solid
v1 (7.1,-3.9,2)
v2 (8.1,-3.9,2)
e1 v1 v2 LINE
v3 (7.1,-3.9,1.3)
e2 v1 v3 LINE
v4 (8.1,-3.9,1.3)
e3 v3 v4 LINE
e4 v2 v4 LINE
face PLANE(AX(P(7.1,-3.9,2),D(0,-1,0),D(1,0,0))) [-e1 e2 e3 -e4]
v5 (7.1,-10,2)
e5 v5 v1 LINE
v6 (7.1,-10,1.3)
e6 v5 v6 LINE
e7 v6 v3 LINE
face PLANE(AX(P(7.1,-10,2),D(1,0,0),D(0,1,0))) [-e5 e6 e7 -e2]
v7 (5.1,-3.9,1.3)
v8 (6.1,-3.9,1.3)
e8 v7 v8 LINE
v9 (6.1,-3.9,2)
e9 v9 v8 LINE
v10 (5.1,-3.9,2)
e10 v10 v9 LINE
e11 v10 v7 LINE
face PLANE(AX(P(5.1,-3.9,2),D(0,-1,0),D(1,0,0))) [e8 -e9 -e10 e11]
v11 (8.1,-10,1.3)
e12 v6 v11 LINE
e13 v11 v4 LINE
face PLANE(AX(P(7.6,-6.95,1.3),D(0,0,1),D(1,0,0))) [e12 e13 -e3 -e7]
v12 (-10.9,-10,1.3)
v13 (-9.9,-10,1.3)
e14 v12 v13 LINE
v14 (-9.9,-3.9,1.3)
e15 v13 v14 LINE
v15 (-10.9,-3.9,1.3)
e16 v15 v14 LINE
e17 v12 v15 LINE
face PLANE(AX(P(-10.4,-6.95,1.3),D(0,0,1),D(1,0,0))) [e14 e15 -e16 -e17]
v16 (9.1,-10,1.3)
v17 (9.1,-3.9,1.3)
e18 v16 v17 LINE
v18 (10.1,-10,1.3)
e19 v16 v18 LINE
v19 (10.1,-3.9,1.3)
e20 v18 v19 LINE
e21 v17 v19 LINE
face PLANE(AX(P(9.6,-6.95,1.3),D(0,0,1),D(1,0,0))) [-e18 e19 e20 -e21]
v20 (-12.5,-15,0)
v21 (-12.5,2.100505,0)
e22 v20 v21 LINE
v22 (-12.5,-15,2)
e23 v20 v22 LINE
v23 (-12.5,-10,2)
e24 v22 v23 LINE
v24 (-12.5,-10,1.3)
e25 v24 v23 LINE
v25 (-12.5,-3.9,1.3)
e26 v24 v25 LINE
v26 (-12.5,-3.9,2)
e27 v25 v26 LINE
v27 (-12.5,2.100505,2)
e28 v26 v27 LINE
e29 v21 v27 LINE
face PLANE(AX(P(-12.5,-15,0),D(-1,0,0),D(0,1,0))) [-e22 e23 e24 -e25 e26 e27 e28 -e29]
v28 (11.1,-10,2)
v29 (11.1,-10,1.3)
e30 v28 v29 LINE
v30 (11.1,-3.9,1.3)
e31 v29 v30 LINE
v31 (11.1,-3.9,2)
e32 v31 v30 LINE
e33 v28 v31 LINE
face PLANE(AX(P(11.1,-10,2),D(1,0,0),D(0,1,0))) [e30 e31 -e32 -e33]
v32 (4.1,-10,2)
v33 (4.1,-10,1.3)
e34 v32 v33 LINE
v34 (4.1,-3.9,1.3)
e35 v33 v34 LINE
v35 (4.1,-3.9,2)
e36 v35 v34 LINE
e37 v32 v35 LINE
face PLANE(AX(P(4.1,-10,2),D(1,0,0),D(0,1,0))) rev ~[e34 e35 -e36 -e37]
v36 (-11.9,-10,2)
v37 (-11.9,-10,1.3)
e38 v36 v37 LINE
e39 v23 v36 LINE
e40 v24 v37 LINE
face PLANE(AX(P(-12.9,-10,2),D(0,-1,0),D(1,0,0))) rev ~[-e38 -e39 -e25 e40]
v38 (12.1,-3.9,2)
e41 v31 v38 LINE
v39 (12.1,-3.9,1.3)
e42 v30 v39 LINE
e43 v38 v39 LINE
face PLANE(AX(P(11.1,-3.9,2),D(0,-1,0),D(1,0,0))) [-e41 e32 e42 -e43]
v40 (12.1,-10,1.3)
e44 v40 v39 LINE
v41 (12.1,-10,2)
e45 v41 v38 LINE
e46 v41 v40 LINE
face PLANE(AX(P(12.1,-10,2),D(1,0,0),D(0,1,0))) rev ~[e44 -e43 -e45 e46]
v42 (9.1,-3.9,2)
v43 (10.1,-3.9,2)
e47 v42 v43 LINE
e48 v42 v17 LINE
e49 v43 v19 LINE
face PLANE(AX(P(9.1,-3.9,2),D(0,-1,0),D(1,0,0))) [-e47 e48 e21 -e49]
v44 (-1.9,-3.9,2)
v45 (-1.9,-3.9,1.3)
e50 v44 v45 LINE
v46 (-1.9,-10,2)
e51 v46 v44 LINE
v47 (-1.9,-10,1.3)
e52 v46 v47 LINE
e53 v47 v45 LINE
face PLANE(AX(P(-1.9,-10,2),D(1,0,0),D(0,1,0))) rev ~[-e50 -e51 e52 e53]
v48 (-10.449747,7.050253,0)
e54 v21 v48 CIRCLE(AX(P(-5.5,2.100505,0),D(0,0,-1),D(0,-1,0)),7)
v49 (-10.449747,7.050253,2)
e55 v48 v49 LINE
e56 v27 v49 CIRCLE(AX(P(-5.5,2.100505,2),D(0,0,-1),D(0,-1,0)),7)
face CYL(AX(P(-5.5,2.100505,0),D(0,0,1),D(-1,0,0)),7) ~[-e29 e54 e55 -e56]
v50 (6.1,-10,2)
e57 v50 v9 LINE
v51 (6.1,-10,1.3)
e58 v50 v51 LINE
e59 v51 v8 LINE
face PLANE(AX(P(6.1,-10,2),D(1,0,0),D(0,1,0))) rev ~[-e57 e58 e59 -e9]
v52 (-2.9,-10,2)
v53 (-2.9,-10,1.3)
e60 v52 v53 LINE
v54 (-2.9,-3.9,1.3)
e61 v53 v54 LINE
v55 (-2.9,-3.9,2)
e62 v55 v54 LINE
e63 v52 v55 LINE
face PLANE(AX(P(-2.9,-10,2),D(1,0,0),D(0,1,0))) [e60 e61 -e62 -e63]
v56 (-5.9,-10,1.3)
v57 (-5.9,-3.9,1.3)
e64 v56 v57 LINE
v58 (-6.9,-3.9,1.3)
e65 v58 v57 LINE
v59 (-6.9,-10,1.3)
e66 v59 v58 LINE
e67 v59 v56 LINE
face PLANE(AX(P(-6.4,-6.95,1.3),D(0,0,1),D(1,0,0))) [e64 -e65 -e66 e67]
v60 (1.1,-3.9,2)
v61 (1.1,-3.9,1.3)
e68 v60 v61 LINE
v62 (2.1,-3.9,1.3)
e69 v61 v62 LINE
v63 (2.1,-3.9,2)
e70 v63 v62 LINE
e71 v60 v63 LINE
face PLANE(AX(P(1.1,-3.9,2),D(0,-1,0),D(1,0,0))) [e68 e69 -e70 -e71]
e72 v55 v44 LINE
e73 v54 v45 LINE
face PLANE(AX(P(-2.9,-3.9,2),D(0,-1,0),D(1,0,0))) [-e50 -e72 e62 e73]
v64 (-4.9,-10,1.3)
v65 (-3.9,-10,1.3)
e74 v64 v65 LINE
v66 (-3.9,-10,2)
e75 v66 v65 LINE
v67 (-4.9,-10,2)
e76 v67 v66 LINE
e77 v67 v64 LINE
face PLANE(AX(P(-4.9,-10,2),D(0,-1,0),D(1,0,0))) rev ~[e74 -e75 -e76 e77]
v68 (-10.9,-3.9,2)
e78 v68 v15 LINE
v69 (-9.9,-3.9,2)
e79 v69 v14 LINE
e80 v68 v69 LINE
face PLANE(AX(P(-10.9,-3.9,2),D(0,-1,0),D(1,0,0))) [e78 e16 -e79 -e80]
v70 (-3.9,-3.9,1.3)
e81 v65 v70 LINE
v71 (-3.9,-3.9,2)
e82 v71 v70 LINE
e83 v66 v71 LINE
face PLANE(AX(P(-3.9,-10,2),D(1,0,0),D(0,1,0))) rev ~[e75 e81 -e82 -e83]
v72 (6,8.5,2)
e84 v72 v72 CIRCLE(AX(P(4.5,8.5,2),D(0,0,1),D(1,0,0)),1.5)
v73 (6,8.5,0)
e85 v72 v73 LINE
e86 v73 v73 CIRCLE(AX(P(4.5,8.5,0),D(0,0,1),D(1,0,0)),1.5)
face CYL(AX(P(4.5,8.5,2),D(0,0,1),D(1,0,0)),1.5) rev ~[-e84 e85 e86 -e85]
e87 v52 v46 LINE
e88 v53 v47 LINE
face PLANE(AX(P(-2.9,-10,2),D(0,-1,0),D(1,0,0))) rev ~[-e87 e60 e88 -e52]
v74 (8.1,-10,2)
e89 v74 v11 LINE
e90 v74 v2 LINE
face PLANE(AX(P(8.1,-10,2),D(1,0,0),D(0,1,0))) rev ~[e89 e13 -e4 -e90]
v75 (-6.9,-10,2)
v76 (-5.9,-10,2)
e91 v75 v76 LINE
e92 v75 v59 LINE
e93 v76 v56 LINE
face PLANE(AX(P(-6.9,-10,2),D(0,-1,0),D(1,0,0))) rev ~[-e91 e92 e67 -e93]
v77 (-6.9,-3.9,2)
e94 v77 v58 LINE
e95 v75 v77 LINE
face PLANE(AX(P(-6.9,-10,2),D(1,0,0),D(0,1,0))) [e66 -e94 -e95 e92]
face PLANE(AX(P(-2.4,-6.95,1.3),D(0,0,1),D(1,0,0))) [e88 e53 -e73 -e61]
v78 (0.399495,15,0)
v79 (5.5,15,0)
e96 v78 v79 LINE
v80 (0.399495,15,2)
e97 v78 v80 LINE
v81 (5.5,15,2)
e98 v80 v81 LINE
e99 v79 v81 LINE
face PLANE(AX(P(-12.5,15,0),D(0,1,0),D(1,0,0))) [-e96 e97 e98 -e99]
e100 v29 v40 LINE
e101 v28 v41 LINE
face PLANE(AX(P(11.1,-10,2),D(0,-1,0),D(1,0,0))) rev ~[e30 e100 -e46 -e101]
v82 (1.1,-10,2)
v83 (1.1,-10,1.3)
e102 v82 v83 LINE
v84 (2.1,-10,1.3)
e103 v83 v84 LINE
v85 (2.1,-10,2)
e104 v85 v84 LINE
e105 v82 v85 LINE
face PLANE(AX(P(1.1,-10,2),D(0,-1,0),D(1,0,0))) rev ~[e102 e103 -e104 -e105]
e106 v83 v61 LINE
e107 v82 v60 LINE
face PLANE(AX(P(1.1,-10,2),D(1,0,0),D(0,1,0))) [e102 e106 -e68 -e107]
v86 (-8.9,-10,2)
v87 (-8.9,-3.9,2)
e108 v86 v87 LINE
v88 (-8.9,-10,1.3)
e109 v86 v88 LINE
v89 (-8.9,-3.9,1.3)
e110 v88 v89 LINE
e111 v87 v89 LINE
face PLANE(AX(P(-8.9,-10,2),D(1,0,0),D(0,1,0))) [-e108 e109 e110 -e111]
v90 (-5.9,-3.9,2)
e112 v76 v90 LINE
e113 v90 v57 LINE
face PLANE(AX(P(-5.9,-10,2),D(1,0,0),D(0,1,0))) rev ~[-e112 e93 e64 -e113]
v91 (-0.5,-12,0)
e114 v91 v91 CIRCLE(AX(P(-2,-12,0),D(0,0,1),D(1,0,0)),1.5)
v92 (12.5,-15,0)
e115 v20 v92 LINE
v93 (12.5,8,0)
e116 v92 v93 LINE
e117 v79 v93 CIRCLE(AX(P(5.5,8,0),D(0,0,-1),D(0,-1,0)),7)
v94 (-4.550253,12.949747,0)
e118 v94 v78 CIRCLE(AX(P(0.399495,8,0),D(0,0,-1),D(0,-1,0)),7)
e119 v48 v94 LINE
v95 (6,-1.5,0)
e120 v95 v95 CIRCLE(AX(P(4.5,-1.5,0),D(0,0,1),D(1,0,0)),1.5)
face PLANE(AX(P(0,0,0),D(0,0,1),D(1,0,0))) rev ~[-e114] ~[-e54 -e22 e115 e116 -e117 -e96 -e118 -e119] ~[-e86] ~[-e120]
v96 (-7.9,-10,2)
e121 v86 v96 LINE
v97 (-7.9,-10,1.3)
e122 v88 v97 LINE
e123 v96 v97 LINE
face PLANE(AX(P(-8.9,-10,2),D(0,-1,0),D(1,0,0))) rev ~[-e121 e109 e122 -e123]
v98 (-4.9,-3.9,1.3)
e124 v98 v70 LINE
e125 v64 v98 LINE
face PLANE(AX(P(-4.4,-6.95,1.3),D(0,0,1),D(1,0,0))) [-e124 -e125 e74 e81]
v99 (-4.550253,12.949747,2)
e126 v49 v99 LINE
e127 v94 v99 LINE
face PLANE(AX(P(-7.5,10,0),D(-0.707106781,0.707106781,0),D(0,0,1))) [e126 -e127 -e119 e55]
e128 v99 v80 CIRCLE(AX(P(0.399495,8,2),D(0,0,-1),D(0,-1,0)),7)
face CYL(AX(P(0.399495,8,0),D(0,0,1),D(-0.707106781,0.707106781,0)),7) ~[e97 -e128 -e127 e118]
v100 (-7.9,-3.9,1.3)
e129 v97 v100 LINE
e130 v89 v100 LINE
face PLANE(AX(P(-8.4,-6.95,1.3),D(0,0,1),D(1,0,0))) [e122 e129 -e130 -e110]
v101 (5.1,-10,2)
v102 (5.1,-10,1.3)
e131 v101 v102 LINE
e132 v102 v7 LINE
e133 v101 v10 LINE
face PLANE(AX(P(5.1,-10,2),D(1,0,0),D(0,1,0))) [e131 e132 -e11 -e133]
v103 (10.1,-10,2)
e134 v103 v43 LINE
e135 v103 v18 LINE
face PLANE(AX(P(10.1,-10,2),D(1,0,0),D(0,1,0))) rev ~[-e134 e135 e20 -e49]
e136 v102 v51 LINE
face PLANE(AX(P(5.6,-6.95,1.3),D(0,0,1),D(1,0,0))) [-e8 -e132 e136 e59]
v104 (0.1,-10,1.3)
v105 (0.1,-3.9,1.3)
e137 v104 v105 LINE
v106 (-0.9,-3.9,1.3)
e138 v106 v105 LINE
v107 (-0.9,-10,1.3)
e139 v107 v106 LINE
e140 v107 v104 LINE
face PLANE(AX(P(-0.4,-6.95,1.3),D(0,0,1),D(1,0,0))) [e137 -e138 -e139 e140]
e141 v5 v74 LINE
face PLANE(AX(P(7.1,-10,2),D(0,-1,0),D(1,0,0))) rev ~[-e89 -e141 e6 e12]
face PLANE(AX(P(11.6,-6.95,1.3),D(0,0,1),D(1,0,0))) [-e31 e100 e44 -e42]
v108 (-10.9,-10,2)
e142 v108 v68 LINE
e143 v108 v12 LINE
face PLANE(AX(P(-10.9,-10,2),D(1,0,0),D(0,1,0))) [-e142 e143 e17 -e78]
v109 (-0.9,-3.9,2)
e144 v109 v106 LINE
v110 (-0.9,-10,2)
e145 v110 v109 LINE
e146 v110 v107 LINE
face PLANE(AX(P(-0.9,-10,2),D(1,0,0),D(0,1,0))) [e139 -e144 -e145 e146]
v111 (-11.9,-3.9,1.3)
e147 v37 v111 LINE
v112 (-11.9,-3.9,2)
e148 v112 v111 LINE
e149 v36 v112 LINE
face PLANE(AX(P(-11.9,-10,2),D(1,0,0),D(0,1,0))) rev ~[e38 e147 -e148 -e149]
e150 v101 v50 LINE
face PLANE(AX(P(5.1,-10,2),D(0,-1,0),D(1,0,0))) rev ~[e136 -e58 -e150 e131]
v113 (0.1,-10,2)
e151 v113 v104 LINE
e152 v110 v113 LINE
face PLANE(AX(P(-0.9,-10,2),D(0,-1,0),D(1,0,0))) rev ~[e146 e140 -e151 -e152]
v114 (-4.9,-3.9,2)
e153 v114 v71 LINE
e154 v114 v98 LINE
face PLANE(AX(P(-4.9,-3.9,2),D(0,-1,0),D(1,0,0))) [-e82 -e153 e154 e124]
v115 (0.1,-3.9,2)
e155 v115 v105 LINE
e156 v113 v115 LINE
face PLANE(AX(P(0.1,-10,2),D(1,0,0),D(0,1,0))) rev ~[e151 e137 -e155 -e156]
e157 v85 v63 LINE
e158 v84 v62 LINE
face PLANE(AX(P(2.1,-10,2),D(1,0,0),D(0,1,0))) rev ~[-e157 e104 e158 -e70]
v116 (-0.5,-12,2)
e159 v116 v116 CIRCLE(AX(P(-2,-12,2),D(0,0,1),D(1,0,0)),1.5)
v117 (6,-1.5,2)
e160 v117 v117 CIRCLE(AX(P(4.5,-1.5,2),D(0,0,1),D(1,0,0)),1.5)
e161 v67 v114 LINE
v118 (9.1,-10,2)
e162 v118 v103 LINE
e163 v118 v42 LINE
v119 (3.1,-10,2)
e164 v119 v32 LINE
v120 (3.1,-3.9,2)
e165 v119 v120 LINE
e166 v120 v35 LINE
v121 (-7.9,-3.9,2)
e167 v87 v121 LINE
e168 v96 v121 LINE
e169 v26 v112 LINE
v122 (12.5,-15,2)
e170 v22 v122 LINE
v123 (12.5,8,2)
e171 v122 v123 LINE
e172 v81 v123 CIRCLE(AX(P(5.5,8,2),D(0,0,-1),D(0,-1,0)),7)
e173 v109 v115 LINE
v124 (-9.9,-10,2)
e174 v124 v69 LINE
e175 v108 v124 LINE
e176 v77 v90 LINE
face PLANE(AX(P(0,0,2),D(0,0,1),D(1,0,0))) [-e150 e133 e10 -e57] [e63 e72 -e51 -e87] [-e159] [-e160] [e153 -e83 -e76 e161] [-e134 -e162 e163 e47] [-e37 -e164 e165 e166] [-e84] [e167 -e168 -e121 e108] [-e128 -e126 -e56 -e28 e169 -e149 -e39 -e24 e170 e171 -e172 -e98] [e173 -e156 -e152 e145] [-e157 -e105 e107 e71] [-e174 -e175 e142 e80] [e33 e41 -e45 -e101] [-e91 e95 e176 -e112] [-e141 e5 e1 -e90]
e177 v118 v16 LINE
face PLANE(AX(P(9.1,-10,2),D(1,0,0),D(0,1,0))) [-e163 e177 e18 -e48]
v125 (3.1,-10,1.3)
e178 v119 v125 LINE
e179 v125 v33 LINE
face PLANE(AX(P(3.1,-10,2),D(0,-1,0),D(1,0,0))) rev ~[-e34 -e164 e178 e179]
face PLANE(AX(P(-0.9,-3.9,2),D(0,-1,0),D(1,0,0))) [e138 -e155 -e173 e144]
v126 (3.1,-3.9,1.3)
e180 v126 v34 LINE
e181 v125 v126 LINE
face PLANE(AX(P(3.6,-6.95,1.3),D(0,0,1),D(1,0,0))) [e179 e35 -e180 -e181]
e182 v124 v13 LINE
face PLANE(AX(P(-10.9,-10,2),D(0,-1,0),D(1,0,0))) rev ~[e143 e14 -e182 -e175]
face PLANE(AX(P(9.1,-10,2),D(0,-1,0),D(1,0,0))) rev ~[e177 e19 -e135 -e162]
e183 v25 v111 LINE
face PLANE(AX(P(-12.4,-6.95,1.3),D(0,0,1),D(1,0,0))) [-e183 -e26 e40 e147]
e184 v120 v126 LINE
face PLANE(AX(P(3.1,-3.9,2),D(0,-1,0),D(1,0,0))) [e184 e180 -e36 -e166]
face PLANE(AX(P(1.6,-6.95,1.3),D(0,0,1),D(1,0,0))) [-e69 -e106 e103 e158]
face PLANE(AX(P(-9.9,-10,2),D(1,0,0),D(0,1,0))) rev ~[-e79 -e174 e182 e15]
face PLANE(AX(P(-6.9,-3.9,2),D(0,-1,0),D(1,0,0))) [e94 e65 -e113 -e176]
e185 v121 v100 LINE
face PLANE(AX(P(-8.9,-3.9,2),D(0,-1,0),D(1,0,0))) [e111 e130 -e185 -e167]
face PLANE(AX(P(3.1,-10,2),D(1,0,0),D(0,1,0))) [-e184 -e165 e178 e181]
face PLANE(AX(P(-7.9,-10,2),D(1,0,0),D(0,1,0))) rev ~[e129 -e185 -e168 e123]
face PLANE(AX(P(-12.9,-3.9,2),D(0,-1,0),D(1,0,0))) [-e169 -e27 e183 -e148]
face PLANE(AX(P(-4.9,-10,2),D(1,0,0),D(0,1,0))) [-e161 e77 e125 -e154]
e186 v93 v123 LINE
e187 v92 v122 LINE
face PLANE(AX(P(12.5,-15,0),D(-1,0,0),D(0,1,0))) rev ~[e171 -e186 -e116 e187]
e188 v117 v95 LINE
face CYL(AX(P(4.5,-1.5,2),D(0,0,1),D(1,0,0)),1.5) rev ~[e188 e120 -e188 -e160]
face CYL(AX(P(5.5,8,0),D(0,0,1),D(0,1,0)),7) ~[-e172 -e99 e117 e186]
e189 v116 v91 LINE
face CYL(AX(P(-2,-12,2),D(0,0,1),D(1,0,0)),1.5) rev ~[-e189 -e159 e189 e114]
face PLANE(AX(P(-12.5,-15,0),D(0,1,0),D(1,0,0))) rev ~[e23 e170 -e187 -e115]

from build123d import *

# Parameters (mm, degrees)
F0_W     = 25
F0_H     = 30
F1_DEPTH = 2
F2_R     = 1.5
F3_DEPTH = 2.001
F4_W     = 1
F4_H     = 6.1
F5_DEPTH = 0.7
F6_SIZE  = 10
F7_R     = 7


with BuildPart() as f1:
    # F0 (on Top) → F1 (new body)
    with BuildSketch(Plane.XY):
        Rectangle(F0_W, F0_H)
    extrude(amount=F1_DEPTH)

    # F2 (on face) → F3 (cut, through all)
    with BuildSketch(Plane.XY.offset(2)):
        with Locations((-2, -12)):
            Circle(F2_R)
        with Locations((4.5, -1.5)):
            Circle(F2_R)
        with Locations((4.5, 8.5)):
            Circle(F2_R)
    extrude(amount=-F3_DEPTH, mode=Mode.SUBTRACT)

    # F4 (on face) → F5 (cut)
    with BuildSketch(Plane.XY.offset(2)):
        with Locations((11.6, -6.95)):
            Rectangle(F4_W, F4_H)
        with Locations((9.6, -6.95)):
            Rectangle(F4_W, F4_H)
        with Locations((7.6, -6.95)):
            Rectangle(F4_W, F4_H)
        with Locations((5.6, -6.95)):
            Rectangle(F4_W, F4_H)
        with Locations((3.6, -6.95)):
            Rectangle(F4_W, F4_H)
        with Locations((1.6, -6.95)):
            Rectangle(F4_W, F4_H)
        with Locations((-0.4, -6.95)):
            Rectangle(F4_W, F4_H)
        with Locations((-2.4, -6.95)):
            Rectangle(F4_W, F4_H)
        with Locations((-4.4, -6.95)):
            Rectangle(F4_W, F4_H)
        with Locations((-6.4, -6.95)):
            Rectangle(F4_W, F4_H)
        with Locations((-8.4, -6.95)):
            Rectangle(F4_W, F4_H)
        with Locations((-10.4, -6.95)):
            Rectangle(F4_W, F4_H)
        with Locations((-12.4, -6.95)):
            Rectangle(F4_W, F4_H)
    extrude(amount=-F5_DEPTH, mode=Mode.SUBTRACT)

    # F6
    f6_edges = [f1.edges().sort_by_distance(p)[0] for p in [
        (-12.5, 15, 1),
    ]]
    chamfer(f6_edges, length=F6_SIZE)

    # F7
    f7_edges = [f1.edges().sort_by_distance(p)[0] for p in [
        (-12.5, 5, 1),
        (-2.5, 15, 1),
        (12.5, 15, 1),
    ]]
    fillet(f7_edges, radius=F7_R)


solid = f1.part
